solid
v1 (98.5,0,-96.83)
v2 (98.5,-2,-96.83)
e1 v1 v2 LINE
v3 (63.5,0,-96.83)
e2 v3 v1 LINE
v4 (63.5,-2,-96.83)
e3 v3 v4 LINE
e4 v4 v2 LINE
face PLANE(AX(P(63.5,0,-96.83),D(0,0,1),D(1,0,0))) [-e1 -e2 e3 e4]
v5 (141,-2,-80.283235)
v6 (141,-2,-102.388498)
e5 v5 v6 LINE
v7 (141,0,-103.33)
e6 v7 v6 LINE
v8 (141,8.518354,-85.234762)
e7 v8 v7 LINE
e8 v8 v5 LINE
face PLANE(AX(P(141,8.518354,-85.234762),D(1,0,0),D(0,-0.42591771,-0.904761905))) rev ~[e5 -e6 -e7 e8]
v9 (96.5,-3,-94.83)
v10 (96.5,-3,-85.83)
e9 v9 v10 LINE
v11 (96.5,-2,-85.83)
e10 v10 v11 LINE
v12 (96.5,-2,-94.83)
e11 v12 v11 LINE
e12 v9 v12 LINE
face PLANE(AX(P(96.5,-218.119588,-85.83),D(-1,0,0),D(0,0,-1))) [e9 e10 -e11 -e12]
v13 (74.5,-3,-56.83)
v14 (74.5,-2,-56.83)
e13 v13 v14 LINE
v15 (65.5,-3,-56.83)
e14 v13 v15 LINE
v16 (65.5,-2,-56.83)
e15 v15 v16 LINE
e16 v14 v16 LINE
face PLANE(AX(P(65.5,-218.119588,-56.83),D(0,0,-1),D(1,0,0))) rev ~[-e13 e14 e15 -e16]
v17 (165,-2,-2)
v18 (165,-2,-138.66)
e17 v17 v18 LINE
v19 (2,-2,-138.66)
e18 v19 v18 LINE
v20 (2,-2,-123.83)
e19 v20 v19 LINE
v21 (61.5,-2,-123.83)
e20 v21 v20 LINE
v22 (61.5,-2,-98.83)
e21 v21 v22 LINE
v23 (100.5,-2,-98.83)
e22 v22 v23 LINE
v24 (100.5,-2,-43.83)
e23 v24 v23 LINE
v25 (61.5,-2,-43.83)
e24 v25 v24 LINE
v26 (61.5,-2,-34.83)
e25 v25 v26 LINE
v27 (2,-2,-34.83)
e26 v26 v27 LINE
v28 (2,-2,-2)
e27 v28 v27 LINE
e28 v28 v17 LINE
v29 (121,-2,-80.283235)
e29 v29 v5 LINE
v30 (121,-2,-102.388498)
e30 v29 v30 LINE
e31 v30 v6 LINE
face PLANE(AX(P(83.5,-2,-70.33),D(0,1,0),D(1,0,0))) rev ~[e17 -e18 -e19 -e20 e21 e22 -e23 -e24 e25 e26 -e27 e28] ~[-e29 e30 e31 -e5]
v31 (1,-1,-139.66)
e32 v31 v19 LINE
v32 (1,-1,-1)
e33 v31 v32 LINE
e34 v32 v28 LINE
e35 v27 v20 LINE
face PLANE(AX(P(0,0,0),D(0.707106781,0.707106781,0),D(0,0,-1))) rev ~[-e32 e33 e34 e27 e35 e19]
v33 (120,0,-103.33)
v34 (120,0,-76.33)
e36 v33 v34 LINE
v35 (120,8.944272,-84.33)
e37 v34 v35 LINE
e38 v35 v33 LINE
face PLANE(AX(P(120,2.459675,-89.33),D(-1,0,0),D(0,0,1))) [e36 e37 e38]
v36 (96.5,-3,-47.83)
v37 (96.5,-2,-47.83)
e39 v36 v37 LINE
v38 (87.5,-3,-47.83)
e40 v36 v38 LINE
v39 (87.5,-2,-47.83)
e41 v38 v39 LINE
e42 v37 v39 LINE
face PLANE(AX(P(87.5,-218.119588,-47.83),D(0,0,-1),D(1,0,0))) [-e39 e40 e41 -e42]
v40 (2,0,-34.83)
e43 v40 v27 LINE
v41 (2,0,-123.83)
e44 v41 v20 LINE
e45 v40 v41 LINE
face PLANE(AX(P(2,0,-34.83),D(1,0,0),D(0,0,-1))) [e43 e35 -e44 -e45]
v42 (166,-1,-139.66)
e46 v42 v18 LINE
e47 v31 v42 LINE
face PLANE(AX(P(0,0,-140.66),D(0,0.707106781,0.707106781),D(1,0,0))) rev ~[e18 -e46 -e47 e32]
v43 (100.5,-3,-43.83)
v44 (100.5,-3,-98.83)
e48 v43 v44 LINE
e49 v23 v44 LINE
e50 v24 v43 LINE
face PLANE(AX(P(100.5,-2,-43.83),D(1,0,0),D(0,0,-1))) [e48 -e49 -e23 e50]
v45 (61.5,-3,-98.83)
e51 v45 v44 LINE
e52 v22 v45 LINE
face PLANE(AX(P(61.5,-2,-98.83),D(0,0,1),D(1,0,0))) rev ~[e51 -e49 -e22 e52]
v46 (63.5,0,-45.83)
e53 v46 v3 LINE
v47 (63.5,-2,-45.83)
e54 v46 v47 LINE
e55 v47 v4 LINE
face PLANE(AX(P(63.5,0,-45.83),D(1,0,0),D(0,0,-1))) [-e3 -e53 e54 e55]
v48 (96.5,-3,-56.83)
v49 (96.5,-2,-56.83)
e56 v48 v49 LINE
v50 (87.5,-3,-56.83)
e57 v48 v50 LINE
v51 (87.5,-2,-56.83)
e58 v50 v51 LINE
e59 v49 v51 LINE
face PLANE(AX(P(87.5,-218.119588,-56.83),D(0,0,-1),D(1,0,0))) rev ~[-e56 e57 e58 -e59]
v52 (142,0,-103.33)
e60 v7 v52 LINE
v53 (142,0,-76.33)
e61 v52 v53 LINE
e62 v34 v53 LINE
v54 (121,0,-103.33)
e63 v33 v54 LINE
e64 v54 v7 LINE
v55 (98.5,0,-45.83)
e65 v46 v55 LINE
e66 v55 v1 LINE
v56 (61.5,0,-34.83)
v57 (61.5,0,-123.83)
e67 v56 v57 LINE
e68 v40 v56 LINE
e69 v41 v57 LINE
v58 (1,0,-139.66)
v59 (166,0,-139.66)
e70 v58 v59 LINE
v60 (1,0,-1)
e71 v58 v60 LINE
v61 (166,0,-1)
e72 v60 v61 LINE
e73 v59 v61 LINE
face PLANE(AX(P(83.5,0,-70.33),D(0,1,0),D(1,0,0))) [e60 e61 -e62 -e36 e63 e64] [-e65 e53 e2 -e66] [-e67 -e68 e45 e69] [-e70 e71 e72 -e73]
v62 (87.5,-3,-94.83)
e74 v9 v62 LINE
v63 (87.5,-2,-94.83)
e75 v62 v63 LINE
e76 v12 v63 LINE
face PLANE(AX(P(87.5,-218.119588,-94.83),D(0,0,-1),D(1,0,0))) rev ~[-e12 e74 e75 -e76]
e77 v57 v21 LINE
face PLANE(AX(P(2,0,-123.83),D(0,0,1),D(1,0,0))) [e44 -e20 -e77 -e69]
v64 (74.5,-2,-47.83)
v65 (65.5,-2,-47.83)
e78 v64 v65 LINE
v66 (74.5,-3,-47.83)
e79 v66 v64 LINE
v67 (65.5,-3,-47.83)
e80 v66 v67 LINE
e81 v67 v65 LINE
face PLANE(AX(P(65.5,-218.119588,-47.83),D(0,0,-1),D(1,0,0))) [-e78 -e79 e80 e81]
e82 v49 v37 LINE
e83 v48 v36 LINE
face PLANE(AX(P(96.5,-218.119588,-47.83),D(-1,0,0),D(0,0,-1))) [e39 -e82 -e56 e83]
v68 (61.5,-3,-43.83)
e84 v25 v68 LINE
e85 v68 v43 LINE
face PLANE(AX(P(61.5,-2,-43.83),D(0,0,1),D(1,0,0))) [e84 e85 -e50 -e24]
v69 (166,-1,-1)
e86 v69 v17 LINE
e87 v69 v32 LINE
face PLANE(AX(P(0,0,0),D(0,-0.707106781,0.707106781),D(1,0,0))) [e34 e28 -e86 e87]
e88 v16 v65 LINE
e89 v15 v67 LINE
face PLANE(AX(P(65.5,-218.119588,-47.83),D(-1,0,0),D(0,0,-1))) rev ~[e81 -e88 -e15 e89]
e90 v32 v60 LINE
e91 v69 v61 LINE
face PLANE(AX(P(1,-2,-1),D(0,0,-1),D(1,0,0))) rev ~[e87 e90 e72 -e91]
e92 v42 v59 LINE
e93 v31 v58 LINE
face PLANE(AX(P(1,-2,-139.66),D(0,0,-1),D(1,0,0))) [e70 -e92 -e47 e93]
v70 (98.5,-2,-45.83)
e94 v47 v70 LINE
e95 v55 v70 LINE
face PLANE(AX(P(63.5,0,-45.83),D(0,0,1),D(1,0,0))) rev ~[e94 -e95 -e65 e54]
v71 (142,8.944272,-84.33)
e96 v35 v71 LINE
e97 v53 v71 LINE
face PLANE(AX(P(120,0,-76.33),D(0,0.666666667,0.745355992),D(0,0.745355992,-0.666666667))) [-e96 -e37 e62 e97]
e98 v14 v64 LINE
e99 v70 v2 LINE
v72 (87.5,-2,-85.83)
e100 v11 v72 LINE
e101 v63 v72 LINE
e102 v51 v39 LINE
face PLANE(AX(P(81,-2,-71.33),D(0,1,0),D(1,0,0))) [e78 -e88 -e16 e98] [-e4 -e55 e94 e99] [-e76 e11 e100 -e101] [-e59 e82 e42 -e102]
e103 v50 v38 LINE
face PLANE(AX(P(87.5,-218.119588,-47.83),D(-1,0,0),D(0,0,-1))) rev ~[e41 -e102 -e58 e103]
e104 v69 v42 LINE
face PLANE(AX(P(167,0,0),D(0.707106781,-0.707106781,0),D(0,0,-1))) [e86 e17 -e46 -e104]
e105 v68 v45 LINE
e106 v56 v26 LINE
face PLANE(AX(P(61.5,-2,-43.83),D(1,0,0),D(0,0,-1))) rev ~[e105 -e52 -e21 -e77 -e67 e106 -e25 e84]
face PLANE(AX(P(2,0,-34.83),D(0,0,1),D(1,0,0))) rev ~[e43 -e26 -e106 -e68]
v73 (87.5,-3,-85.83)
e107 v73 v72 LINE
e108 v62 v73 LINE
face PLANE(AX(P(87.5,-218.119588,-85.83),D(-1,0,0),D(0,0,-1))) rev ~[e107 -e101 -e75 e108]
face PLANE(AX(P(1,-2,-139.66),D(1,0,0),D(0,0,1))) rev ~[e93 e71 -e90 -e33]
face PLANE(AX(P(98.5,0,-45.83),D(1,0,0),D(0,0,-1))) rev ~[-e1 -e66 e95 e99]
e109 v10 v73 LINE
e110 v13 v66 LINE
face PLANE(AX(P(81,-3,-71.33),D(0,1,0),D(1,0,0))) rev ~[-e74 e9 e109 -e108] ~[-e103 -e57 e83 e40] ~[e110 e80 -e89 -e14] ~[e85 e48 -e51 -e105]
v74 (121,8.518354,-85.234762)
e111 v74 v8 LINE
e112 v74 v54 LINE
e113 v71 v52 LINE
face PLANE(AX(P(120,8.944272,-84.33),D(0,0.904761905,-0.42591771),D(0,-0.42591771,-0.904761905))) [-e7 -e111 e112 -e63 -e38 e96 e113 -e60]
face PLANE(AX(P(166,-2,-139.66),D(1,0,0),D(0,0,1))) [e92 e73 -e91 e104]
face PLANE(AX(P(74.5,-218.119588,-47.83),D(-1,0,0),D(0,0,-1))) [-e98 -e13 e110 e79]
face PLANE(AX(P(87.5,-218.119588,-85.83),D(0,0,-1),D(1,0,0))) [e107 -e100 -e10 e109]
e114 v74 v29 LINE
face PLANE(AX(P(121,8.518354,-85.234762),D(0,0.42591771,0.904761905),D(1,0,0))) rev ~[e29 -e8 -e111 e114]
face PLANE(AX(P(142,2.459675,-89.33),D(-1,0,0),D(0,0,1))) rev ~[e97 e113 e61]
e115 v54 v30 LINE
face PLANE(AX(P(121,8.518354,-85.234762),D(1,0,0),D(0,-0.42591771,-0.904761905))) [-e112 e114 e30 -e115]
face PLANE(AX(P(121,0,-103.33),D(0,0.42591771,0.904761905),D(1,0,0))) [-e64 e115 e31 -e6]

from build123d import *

# Parameters (mm, degrees)
SKETCH1_W               = 167
SKETCH1_H               = 140.66
BOSS_EXTRUDE1_DEPTH     = 2
BOSS_EXTRUDE1_DRAFT     = -45
CUT_EXTRUDE1_REACH      = 220.353
SKETCH2_W               = 167
SKETCH2_H               = 140.66
SKETCH2_W_2             = 165
SKETCH2_H_2             = 138.66
BOSS_EXTRUDE2_START     = 120
BOSS_EXTRUDE2_DEPTH     = 22
CUT_EXTRUDE2_REACH      = 211.584
SKETCH4_W               = 20
SKETCH4_H               = 20
CUT_EXTRUDE3_DEPTH      = 218.119588246
CUT_EXTRUDE3_DEPTH_BACK = 218.119588246
SKETCH5_W               = 9
SKETCH5_H               = 9
CUT_EXTRUDE4_REACH      = 219.12
SKETCH6_W               = 59.5
SKETCH6_H               = 89
SKETCH7_W               = 35
SKETCH7_H               = 51
CUT_EXTRUDE5_DEPTH      = 2
BOSS_EXTRUDE4_START     = -2
SKETCH11_W              = 39
SKETCH11_H              = 55
BOSS_EXTRUDE4_DEPTH     = 1
CUT_EXTRUDE6_DEPTH      = 218.119588246
CUT_EXTRUDE6_DEPTH_BACK = 218.119588246
SKETCH12_W              = 9
SKETCH12_H              = 9


with BuildPart() as part:
    # Sketch1 → Boss-Extrude1 (with draft: the straight prism first)
    with BuildSketch(Plane(origin=(0, 0, 0), x_dir=(1, 0, 0), z_dir=(0, 1, 0))):
        with Locations((83.5, 70.33)):
            Rectangle(SKETCH1_W, SKETCH1_H)
    extrude(amount=-BOSS_EXTRUDE1_DEPTH)
    # Boss-Extrude1: the draft: its side faces are tilted about the plane it starts from
    boss_extrude1_sides = [part.faces().sort_by_distance(p)[0] for p in [
        (83.5, -1, 0),
        (167, -1, -70.33),
        (83.5, -1, -140.66),
        (0, -1, -70.33),
    ]]
    draft(boss_extrude1_sides, Plane(origin=(0, 0, 0), x_dir=(1, 0, 0), z_dir=(0, 1, 0)), BOSS_EXTRUDE1_DRAFT)

    # Sketch2 → Cut-Extrude1 (cut, up to next)
    with BuildSketch(Plane.XZ.offset(2), mode=Mode.PRIVATE) as cut_extrude1_sk1:
        with Locations((83.5, -70.33)):
            Rectangle(SKETCH2_W, SKETCH2_H)
        with Locations((83.5, -70.33)):
            Rectangle(SKETCH2_W_2, SKETCH2_H_2, mode=Mode.SUBTRACT)
    cut_extrude1_tool1 = extrude(cut_extrude1_sk1.sketch, amount=-CUT_EXTRUDE1_REACH, mode=Mode.PRIVATE) & part.part
    add(cut_extrude1_tool1.solids().sort_by_distance((83.5, -2, -140.441656))[0], mode=Mode.SUBTRACT)

    # Sketch3 → Boss-Extrude2 (add)
    with BuildSketch(Plane(origin=(0, 0, 0), x_dir=(0, 0, -1), z_dir=(1, 0, 0)).offset(BOSS_EXTRUDE2_START)):
        Polygon((76.33, 0), (84.33, 8.94427191), (103.33, 0), align=None)
    extrude(amount=BOSS_EXTRUDE2_DEPTH)

    # Cut-Extrude2: up to this plane
    cut_extrude2_end = Plane(origin=(0, -2, 0), z_dir=(0, -1, 0))
    # Sketch4 → Cut-Extrude2 (cut, up to the surface)
    with BuildSketch(Plane(origin=(0, 39.818641072, -18.744671202), x_dir=(1, 0, 0), z_dir=(0, 0.9047619047619048, -0.42591770999996015)), mode=Mode.PRIVATE) as cut_extrude2_sk1:
        with Locations((131, 83.489047619)):
            Rectangle(SKETCH4_W, SKETCH4_H)
    cut_extrude2_tool1 = split(extrude(cut_extrude2_sk1.sketch, amount=-CUT_EXTRUDE2_REACH, mode=Mode.PRIVATE), bisect_by=cut_extrude2_end, keep=Keep.BOTH, mode=Mode.PRIVATE)
    add(cut_extrude2_tool1.solids().sort_by_distance((131, 4.259177, -94.282381))[0], mode=Mode.SUBTRACT)

    # Sketch5 → Cut-Extrude3 (cut, two sides: drawn at the far end of the back side and taken through both)
    with BuildSketch(Plane(origin=(0, 0, 0), x_dir=(1, 0, 0), z_dir=(0, 1, 0)).offset(-CUT_EXTRUDE3_DEPTH_BACK)):
        with Locations((92, 90.33)):
            Rectangle(SKETCH5_W, SKETCH5_H)
        with Locations((92, 52.33)):
            Rectangle(SKETCH5_W, SKETCH5_H)
        with Locations((70, 52.33)):
            Rectangle(SKETCH5_W, SKETCH5_H)
    extrude(amount=CUT_EXTRUDE3_DEPTH + CUT_EXTRUDE3_DEPTH_BACK, mode=Mode.SUBTRACT)

    # Sketch6 → Cut-Extrude4 (cut, up to next)
    with BuildSketch(Plane(origin=(0, 0, 0), x_dir=(1, 0, 0), z_dir=(0, 1, 0)), mode=Mode.PRIVATE) as cut_extrude4_sk1:
        with Locations((31.75, 79.33)):
            Rectangle(SKETCH6_W, SKETCH6_H)
    cut_extrude4_tool1 = extrude(cut_extrude4_sk1.sketch, amount=-CUT_EXTRUDE4_REACH, mode=Mode.PRIVATE) & part.part
    add(cut_extrude4_tool1.solids().sort_by_distance((31.75, 0, -79.33))[0], mode=Mode.SUBTRACT)

    # Sketch7 → Cut-Extrude5 (cut)
    with BuildSketch(Plane(origin=(0, 0, 0), x_dir=(1, 0, 0), z_dir=(0, 1, 0))):
        with Locations((81, 71.33)):
            Rectangle(SKETCH7_W, SKETCH7_H)
    extrude(amount=-CUT_EXTRUDE5_DEPTH, mode=Mode.SUBTRACT)

    # Sketch11 → Boss-Extrude4 (add)
    with BuildSketch(Plane(origin=(0, 0, 0), x_dir=(1, 0, 0), z_dir=(0, 1, 0)).offset(BOSS_EXTRUDE4_START)):
        with Locations((81, 71.33)):
            Rectangle(SKETCH11_W, SKETCH11_H)
    extrude(amount=-BOSS_EXTRUDE4_DEPTH)

    # Sketch12 → Cut-Extrude6 (cut, two sides: drawn at the far end of the back side and taken through both)
    with BuildSketch(Plane(origin=(0, 0, 0), x_dir=(1, 0, 0), z_dir=(0, 1, 0)).offset(-CUT_EXTRUDE6_DEPTH_BACK)):
        with Locations((92, 52.33)):
            Rectangle(SKETCH12_W, SKETCH12_H)
        with Locations((70, 52.33)):
            Rectangle(SKETCH12_W, SKETCH12_H)
        with Locations((92, 90.33)):
            Rectangle(SKETCH12_W, SKETCH12_H)
    extrude(amount=CUT_EXTRUDE6_DEPTH + CUT_EXTRUDE6_DEPTH_BACK, mode=Mode.SUBTRACT)


solid = part.part
